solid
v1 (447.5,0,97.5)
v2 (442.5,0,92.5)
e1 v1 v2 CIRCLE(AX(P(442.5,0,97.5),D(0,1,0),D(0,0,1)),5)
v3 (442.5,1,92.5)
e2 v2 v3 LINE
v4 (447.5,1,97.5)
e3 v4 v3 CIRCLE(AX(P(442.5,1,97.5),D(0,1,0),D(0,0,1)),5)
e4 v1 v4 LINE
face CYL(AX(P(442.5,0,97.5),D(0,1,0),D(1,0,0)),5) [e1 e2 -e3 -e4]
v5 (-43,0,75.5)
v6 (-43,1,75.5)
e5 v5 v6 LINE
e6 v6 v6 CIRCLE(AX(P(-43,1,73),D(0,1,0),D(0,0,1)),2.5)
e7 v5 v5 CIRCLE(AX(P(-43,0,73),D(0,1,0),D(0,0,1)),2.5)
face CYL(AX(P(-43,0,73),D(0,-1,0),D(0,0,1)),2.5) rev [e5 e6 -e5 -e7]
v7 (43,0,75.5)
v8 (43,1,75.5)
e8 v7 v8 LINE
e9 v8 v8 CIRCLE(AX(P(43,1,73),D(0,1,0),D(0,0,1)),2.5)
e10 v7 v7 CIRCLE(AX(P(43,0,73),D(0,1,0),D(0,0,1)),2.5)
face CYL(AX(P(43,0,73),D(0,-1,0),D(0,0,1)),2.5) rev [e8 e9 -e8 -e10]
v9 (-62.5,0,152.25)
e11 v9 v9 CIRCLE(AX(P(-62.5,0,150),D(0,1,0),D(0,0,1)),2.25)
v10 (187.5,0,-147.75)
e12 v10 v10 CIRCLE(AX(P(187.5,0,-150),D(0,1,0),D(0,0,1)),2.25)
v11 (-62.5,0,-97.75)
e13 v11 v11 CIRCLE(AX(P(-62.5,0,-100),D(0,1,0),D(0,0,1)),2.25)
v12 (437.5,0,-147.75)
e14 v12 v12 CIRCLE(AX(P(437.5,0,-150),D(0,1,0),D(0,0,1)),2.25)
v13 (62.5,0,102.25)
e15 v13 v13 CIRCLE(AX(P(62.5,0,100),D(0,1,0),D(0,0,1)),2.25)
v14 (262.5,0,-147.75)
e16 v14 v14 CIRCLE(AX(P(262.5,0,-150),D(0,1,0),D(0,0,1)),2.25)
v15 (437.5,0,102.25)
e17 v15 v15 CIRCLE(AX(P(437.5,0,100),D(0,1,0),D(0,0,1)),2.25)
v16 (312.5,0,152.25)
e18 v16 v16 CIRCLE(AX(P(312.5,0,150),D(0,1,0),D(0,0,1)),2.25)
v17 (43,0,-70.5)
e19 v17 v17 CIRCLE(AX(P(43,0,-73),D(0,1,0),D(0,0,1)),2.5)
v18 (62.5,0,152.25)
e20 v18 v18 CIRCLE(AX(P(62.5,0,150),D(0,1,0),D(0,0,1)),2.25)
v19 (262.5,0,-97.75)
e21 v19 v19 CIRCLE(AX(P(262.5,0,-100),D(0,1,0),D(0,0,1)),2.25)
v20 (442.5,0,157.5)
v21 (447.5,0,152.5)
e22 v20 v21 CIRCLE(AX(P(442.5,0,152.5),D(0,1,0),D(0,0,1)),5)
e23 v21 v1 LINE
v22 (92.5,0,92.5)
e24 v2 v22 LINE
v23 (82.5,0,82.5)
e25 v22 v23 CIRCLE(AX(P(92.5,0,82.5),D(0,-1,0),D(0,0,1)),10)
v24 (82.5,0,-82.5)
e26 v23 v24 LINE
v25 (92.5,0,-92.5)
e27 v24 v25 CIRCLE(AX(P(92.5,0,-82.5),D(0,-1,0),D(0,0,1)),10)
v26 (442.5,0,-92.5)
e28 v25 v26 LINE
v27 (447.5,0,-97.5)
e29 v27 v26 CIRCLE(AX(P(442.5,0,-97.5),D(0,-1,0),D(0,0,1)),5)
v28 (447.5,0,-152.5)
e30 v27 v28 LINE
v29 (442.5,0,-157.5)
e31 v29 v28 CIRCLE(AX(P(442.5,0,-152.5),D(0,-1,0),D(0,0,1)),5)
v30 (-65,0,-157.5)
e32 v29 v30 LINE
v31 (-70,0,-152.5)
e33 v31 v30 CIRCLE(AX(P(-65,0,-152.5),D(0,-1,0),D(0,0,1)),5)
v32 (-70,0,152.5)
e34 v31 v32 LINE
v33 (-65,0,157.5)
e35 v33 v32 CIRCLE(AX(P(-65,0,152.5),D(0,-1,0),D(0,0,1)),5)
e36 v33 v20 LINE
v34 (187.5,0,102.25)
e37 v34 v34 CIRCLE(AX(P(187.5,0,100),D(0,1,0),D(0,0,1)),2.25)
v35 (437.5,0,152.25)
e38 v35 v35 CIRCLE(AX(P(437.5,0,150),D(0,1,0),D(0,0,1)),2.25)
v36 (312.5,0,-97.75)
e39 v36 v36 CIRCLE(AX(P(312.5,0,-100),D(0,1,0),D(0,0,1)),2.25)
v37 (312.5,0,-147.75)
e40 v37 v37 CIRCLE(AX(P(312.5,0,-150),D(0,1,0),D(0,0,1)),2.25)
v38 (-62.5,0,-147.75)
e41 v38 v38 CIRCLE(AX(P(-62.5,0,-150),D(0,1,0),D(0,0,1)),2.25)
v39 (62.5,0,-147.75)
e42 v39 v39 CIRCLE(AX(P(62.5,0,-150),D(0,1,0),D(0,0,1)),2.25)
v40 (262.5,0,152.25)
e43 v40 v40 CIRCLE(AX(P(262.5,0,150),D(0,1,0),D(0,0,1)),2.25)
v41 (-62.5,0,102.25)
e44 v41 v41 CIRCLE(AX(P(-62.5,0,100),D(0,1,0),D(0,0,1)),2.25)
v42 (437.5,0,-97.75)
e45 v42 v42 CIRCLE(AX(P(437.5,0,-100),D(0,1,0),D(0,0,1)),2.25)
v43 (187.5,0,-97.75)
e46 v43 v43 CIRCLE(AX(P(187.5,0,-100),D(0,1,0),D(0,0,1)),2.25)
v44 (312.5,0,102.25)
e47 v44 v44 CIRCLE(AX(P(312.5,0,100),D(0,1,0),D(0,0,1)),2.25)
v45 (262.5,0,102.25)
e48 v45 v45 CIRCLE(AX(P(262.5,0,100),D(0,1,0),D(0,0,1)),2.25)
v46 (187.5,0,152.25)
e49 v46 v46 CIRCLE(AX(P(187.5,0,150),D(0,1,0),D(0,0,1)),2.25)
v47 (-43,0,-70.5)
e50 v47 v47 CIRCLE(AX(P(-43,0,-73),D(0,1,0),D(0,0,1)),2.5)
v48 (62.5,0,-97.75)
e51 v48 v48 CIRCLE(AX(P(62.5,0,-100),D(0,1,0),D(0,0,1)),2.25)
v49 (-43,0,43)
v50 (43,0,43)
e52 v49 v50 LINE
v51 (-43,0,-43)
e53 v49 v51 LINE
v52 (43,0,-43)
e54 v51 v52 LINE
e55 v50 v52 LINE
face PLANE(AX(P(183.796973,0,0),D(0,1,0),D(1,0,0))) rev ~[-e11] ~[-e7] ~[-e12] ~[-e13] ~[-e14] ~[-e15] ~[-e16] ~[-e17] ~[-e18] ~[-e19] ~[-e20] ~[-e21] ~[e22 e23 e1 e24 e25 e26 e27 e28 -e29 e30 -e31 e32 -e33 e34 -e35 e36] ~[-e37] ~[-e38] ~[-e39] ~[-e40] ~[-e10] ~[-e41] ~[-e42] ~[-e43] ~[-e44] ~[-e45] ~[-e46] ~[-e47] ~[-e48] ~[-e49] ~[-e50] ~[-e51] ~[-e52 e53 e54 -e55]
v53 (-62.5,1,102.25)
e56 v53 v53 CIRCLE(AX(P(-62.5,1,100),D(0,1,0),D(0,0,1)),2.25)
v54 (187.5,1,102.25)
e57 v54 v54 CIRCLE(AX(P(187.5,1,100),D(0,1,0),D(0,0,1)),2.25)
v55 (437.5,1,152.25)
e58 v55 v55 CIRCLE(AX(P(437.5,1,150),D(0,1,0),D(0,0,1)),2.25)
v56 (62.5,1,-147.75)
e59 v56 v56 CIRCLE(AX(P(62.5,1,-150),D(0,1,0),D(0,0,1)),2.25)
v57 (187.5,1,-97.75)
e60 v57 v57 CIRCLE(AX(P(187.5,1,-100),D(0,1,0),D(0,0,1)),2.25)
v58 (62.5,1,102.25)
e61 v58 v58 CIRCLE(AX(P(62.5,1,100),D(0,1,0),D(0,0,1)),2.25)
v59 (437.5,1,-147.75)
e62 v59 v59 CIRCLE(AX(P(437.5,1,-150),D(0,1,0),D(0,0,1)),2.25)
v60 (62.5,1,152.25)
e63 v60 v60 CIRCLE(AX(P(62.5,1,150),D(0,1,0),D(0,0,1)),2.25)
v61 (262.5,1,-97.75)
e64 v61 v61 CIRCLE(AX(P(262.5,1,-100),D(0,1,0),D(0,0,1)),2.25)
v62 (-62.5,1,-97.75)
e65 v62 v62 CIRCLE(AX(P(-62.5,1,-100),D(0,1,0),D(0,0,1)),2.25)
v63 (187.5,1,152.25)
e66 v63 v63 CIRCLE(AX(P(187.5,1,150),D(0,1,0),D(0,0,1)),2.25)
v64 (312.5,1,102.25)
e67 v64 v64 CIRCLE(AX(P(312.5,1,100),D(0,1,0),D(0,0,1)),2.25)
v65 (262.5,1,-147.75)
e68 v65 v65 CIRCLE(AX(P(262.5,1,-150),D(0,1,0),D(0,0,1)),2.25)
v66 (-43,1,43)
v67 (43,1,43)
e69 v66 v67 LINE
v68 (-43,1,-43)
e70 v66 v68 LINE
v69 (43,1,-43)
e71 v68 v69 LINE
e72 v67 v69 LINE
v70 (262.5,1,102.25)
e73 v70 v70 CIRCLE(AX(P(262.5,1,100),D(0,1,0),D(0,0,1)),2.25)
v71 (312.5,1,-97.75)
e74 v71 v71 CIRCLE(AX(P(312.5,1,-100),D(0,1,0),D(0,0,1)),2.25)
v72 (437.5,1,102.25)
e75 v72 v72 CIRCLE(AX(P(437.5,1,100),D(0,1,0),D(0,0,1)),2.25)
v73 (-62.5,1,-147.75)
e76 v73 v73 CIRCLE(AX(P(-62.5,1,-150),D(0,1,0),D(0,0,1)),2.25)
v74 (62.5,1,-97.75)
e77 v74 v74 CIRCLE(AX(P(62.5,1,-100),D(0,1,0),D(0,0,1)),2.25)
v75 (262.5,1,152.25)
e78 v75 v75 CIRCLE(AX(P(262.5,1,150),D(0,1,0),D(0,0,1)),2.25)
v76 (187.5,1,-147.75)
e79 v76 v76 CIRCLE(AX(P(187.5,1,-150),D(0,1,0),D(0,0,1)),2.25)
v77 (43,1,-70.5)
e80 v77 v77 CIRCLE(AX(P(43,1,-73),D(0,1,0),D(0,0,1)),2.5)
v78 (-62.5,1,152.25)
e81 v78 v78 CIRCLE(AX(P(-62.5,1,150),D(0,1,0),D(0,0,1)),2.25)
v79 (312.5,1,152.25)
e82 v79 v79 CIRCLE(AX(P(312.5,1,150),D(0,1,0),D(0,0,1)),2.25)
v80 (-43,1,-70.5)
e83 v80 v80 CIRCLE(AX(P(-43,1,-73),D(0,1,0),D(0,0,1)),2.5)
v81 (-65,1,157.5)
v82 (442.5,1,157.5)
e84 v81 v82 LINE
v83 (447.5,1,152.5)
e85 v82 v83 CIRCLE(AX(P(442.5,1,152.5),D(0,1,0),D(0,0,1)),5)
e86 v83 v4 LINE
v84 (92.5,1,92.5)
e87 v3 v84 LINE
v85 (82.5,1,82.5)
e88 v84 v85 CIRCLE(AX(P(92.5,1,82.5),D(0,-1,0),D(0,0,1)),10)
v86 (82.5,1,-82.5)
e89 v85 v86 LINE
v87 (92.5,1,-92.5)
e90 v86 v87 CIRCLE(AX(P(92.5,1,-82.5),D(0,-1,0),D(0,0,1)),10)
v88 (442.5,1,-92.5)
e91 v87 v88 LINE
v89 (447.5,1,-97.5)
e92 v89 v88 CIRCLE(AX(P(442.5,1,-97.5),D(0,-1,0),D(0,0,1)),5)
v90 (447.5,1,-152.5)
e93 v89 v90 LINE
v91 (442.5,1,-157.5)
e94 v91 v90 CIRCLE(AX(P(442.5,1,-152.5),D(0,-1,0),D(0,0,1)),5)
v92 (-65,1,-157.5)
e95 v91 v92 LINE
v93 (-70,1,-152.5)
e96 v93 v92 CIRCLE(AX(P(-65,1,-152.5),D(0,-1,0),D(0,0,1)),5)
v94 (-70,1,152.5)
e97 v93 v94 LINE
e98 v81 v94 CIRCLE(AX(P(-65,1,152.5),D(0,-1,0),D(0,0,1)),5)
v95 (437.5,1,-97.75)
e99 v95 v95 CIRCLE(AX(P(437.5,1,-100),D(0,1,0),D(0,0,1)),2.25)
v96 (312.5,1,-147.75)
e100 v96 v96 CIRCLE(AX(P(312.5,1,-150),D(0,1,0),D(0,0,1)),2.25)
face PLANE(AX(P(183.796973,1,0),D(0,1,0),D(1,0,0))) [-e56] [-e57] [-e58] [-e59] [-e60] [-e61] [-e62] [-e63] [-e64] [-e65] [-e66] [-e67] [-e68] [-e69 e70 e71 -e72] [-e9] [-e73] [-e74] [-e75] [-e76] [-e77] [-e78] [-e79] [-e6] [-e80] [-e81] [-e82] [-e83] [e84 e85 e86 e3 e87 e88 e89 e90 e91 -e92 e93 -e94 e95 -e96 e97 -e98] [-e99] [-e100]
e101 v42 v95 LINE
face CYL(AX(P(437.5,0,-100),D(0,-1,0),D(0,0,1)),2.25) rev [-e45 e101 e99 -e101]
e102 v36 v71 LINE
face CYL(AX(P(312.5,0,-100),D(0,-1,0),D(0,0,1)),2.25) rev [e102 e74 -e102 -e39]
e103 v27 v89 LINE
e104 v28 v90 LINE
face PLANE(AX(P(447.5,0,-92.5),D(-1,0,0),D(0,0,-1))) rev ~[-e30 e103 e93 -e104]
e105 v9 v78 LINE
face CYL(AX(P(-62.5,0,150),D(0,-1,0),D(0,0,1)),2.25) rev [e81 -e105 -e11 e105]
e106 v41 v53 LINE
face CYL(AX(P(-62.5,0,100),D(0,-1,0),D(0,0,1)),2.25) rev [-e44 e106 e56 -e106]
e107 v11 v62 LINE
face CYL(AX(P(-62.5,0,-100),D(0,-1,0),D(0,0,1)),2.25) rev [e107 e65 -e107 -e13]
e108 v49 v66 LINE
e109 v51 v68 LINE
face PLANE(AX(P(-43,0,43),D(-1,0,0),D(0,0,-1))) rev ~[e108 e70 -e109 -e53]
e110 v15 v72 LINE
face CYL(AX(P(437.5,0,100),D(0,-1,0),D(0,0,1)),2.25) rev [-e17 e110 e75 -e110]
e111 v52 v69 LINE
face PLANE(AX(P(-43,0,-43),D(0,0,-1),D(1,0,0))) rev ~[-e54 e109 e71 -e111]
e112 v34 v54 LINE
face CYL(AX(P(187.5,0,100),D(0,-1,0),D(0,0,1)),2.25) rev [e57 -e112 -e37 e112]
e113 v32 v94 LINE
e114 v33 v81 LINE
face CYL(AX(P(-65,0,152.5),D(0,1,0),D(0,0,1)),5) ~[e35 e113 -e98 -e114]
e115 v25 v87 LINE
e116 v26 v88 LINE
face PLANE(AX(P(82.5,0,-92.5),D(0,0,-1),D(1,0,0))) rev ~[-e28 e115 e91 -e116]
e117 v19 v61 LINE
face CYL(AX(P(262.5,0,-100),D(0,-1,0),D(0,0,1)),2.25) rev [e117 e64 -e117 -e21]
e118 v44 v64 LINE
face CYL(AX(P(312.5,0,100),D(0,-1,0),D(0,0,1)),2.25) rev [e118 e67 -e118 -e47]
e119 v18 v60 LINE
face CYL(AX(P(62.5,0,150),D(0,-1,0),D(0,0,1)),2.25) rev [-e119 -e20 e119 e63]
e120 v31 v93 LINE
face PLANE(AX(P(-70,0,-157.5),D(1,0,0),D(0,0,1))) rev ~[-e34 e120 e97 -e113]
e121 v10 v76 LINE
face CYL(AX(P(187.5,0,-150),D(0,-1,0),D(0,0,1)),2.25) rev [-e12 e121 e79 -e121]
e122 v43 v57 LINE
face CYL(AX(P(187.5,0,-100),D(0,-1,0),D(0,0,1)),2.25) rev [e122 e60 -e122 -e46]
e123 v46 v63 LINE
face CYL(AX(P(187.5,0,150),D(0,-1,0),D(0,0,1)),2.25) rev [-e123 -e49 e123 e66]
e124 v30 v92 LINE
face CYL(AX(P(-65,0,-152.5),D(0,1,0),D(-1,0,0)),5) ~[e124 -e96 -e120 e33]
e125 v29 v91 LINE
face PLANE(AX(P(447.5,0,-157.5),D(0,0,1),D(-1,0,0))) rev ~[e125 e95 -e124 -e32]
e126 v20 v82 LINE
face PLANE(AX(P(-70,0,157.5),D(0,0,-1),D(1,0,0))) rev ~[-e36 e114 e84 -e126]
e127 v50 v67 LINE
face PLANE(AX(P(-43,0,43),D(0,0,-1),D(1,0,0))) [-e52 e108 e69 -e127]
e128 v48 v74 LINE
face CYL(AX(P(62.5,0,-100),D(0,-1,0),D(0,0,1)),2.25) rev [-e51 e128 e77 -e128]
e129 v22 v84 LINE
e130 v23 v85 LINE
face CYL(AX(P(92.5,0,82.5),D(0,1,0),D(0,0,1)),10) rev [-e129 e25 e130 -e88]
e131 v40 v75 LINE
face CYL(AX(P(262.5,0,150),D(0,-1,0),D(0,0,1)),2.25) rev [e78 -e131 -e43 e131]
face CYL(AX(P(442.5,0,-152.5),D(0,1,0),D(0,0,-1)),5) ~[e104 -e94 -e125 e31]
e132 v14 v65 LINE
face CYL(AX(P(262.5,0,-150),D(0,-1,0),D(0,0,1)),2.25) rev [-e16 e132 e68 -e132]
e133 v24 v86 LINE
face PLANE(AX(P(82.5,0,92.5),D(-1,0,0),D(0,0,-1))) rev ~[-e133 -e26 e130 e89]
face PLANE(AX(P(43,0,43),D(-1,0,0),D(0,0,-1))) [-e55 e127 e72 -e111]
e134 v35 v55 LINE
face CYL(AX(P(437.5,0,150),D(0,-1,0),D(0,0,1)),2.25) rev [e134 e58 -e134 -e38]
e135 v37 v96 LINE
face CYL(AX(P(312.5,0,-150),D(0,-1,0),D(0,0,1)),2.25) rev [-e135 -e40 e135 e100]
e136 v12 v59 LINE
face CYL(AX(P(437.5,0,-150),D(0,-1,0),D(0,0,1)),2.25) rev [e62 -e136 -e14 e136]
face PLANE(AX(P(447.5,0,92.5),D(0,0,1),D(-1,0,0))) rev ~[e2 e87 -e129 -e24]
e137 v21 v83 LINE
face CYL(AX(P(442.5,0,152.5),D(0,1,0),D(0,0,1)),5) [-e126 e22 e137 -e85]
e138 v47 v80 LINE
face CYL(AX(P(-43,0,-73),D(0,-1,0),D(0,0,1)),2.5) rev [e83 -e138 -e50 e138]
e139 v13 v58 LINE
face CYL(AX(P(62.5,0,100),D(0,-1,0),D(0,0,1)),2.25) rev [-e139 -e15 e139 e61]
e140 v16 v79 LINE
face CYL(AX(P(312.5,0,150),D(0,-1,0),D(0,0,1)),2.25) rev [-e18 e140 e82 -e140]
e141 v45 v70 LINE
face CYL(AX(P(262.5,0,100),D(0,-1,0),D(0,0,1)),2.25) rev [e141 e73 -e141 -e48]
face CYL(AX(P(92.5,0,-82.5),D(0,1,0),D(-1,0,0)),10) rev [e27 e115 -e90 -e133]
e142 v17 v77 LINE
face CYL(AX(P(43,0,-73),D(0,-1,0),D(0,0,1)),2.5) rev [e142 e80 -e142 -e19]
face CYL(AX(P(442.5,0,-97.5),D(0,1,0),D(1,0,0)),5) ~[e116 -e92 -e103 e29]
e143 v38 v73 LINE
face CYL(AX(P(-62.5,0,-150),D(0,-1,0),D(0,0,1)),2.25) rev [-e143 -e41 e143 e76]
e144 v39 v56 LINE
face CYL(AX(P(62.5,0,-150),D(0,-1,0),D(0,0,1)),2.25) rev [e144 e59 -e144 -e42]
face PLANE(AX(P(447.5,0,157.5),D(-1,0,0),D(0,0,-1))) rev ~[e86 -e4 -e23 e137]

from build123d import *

# Parameters (mm, degrees)
SKETCH1_R           = 2.25
SKETCH1_R_2         = 2.5
SKETCH1_W           = 86
SKETCH1_H           = 86
BOSS_EXTRUDE1_DEPTH = 1
FILLET1_R           = 5
FILLET2_R           = 10


with BuildPart() as part:
    # Sketch1 → Boss-Extrude1 (new body)
    with BuildSketch(Plane(origin=(0, 0, 0), x_dir=(1, 0, 0), z_dir=(0, 1, 0))):
        Polygon((-70, -157.5), (447.5, -157.5), (447.5, -92.5), (82.5, -92.5), (82.5, 92.5), (447.5, 92.5), (447.5, 157.5), (-70, 157.5), align=None)
        with Locations(Location((-62.5, 100, 0), (0, 0, 270))):
            Circle(SKETCH1_R, mode=Mode.SUBTRACT)
        with Locations(Location((-62.5, -100, 0), (0, 0, 270))):
            Circle(SKETCH1_R, mode=Mode.SUBTRACT)
        with Locations(Location((-62.5, 150, 0), (0, 0, 270))):
            Circle(SKETCH1_R, mode=Mode.SUBTRACT)
        with Locations(Location((-62.5, -150, 0), (0, 0, 270))):
            Circle(SKETCH1_R, mode=Mode.SUBTRACT)
        with Locations(Location((62.5, -100, 0), (0, 0, 270))):
            Circle(SKETCH1_R, mode=Mode.SUBTRACT)
        with Locations(Location((62.5, -150, 0), (0, 0, 270))):
            Circle(SKETCH1_R, mode=Mode.SUBTRACT)
        with Locations(Location((62.5, 100, 0), (0, 0, 270))):
            Circle(SKETCH1_R, mode=Mode.SUBTRACT)
        with Locations(Location((62.5, 150, 0), (0, 0, 270))):
            Circle(SKETCH1_R, mode=Mode.SUBTRACT)
        with Locations(Location((187.5, -100, 0), (0, 0, 270))):
            Circle(SKETCH1_R, mode=Mode.SUBTRACT)
        with Locations(Location((187.5, -150, 0), (0, 0, 270))):
            Circle(SKETCH1_R, mode=Mode.SUBTRACT)
        with Locations(Location((187.5, 100, 0), (0, 0, 270))):
            Circle(SKETCH1_R, mode=Mode.SUBTRACT)
        with Locations(Location((187.5, 150, 0), (0, 0, 270))):
            Circle(SKETCH1_R, mode=Mode.SUBTRACT)
        with Locations(Location((312.5, -100, 0), (0, 0, 270))):
            Circle(SKETCH1_R, mode=Mode.SUBTRACT)
        with Locations(Location((312.5, -150, 0), (0, 0, 270))):
            Circle(SKETCH1_R, mode=Mode.SUBTRACT)
        with Locations(Location((312.5, 100, 0), (0, 0, 270))):
            Circle(SKETCH1_R, mode=Mode.SUBTRACT)
        with Locations(Location((312.5, 150, 0), (0, 0, 270))):
            Circle(SKETCH1_R, mode=Mode.SUBTRACT)
        with Locations(Location((437.5, -100, 0), (0, 0, 270))):
            Circle(SKETCH1_R, mode=Mode.SUBTRACT)
        with Locations(Location((437.5, -150, 0), (0, 0, 270))):
            Circle(SKETCH1_R, mode=Mode.SUBTRACT)
        with Locations(Location((437.5, 100, 0), (0, 0, 270))):
            Circle(SKETCH1_R, mode=Mode.SUBTRACT)
        with Locations(Location((437.5, 150, 0), (0, 0, 270))):
            Circle(SKETCH1_R, mode=Mode.SUBTRACT)
        with Locations(Location((-43, -73, 0), (0, 0, 270))):
            Circle(SKETCH1_R_2, mode=Mode.SUBTRACT)
        with Locations(Location((43, -73, 0), (0, 0, 270))):
            Circle(SKETCH1_R_2, mode=Mode.SUBTRACT)
        with Locations(Location((-43, 73, 0), (0, 0, 270))):
            Circle(SKETCH1_R_2, mode=Mode.SUBTRACT)
        with Locations(Location((43, 73, 0), (0, 0, 270))):
            Circle(SKETCH1_R_2, mode=Mode.SUBTRACT)
        with Locations(Location((262.5, 150, 0), (0, 0, 270))):
            Circle(SKETCH1_R, mode=Mode.SUBTRACT)
        with Locations(Location((262.5, 100, 0), (0, 0, 270))):
            Circle(SKETCH1_R, mode=Mode.SUBTRACT)
        with Locations(Location((262.5, -100, 0), (0, 0, 270))):
            Circle(SKETCH1_R, mode=Mode.SUBTRACT)
        with Locations(Location((262.5, -150, 0), (0, 0, 270))):
            Circle(SKETCH1_R, mode=Mode.SUBTRACT)
        Rectangle(SKETCH1_W, SKETCH1_H, mode=Mode.SUBTRACT)
    extrude(amount=BOSS_EXTRUDE1_DEPTH)

    # Fillet1
    fillet1_edges = [part.edges().sort_by_distance(p)[0] for p in [
        (447.5, 0.5, 92.5),
        (447.5, 0.5, 157.5),
        (-70, 0.5, 157.5),
        (-70, 0.5, -157.5),
        (447.5, 0.5, -157.5),
        (447.5, 0.5, -92.5),
    ]]
    fillet(fillet1_edges, radius=FILLET1_R)

    # Fillet2
    fillet2_edges = [part.edges().sort_by_distance(p)[0] for p in [
        (82.5, 0.5, -92.5),
        (82.5, 0.5, 92.5),
    ]]
    fillet(fillet2_edges, radius=FILLET2_R)


solid = part.part
